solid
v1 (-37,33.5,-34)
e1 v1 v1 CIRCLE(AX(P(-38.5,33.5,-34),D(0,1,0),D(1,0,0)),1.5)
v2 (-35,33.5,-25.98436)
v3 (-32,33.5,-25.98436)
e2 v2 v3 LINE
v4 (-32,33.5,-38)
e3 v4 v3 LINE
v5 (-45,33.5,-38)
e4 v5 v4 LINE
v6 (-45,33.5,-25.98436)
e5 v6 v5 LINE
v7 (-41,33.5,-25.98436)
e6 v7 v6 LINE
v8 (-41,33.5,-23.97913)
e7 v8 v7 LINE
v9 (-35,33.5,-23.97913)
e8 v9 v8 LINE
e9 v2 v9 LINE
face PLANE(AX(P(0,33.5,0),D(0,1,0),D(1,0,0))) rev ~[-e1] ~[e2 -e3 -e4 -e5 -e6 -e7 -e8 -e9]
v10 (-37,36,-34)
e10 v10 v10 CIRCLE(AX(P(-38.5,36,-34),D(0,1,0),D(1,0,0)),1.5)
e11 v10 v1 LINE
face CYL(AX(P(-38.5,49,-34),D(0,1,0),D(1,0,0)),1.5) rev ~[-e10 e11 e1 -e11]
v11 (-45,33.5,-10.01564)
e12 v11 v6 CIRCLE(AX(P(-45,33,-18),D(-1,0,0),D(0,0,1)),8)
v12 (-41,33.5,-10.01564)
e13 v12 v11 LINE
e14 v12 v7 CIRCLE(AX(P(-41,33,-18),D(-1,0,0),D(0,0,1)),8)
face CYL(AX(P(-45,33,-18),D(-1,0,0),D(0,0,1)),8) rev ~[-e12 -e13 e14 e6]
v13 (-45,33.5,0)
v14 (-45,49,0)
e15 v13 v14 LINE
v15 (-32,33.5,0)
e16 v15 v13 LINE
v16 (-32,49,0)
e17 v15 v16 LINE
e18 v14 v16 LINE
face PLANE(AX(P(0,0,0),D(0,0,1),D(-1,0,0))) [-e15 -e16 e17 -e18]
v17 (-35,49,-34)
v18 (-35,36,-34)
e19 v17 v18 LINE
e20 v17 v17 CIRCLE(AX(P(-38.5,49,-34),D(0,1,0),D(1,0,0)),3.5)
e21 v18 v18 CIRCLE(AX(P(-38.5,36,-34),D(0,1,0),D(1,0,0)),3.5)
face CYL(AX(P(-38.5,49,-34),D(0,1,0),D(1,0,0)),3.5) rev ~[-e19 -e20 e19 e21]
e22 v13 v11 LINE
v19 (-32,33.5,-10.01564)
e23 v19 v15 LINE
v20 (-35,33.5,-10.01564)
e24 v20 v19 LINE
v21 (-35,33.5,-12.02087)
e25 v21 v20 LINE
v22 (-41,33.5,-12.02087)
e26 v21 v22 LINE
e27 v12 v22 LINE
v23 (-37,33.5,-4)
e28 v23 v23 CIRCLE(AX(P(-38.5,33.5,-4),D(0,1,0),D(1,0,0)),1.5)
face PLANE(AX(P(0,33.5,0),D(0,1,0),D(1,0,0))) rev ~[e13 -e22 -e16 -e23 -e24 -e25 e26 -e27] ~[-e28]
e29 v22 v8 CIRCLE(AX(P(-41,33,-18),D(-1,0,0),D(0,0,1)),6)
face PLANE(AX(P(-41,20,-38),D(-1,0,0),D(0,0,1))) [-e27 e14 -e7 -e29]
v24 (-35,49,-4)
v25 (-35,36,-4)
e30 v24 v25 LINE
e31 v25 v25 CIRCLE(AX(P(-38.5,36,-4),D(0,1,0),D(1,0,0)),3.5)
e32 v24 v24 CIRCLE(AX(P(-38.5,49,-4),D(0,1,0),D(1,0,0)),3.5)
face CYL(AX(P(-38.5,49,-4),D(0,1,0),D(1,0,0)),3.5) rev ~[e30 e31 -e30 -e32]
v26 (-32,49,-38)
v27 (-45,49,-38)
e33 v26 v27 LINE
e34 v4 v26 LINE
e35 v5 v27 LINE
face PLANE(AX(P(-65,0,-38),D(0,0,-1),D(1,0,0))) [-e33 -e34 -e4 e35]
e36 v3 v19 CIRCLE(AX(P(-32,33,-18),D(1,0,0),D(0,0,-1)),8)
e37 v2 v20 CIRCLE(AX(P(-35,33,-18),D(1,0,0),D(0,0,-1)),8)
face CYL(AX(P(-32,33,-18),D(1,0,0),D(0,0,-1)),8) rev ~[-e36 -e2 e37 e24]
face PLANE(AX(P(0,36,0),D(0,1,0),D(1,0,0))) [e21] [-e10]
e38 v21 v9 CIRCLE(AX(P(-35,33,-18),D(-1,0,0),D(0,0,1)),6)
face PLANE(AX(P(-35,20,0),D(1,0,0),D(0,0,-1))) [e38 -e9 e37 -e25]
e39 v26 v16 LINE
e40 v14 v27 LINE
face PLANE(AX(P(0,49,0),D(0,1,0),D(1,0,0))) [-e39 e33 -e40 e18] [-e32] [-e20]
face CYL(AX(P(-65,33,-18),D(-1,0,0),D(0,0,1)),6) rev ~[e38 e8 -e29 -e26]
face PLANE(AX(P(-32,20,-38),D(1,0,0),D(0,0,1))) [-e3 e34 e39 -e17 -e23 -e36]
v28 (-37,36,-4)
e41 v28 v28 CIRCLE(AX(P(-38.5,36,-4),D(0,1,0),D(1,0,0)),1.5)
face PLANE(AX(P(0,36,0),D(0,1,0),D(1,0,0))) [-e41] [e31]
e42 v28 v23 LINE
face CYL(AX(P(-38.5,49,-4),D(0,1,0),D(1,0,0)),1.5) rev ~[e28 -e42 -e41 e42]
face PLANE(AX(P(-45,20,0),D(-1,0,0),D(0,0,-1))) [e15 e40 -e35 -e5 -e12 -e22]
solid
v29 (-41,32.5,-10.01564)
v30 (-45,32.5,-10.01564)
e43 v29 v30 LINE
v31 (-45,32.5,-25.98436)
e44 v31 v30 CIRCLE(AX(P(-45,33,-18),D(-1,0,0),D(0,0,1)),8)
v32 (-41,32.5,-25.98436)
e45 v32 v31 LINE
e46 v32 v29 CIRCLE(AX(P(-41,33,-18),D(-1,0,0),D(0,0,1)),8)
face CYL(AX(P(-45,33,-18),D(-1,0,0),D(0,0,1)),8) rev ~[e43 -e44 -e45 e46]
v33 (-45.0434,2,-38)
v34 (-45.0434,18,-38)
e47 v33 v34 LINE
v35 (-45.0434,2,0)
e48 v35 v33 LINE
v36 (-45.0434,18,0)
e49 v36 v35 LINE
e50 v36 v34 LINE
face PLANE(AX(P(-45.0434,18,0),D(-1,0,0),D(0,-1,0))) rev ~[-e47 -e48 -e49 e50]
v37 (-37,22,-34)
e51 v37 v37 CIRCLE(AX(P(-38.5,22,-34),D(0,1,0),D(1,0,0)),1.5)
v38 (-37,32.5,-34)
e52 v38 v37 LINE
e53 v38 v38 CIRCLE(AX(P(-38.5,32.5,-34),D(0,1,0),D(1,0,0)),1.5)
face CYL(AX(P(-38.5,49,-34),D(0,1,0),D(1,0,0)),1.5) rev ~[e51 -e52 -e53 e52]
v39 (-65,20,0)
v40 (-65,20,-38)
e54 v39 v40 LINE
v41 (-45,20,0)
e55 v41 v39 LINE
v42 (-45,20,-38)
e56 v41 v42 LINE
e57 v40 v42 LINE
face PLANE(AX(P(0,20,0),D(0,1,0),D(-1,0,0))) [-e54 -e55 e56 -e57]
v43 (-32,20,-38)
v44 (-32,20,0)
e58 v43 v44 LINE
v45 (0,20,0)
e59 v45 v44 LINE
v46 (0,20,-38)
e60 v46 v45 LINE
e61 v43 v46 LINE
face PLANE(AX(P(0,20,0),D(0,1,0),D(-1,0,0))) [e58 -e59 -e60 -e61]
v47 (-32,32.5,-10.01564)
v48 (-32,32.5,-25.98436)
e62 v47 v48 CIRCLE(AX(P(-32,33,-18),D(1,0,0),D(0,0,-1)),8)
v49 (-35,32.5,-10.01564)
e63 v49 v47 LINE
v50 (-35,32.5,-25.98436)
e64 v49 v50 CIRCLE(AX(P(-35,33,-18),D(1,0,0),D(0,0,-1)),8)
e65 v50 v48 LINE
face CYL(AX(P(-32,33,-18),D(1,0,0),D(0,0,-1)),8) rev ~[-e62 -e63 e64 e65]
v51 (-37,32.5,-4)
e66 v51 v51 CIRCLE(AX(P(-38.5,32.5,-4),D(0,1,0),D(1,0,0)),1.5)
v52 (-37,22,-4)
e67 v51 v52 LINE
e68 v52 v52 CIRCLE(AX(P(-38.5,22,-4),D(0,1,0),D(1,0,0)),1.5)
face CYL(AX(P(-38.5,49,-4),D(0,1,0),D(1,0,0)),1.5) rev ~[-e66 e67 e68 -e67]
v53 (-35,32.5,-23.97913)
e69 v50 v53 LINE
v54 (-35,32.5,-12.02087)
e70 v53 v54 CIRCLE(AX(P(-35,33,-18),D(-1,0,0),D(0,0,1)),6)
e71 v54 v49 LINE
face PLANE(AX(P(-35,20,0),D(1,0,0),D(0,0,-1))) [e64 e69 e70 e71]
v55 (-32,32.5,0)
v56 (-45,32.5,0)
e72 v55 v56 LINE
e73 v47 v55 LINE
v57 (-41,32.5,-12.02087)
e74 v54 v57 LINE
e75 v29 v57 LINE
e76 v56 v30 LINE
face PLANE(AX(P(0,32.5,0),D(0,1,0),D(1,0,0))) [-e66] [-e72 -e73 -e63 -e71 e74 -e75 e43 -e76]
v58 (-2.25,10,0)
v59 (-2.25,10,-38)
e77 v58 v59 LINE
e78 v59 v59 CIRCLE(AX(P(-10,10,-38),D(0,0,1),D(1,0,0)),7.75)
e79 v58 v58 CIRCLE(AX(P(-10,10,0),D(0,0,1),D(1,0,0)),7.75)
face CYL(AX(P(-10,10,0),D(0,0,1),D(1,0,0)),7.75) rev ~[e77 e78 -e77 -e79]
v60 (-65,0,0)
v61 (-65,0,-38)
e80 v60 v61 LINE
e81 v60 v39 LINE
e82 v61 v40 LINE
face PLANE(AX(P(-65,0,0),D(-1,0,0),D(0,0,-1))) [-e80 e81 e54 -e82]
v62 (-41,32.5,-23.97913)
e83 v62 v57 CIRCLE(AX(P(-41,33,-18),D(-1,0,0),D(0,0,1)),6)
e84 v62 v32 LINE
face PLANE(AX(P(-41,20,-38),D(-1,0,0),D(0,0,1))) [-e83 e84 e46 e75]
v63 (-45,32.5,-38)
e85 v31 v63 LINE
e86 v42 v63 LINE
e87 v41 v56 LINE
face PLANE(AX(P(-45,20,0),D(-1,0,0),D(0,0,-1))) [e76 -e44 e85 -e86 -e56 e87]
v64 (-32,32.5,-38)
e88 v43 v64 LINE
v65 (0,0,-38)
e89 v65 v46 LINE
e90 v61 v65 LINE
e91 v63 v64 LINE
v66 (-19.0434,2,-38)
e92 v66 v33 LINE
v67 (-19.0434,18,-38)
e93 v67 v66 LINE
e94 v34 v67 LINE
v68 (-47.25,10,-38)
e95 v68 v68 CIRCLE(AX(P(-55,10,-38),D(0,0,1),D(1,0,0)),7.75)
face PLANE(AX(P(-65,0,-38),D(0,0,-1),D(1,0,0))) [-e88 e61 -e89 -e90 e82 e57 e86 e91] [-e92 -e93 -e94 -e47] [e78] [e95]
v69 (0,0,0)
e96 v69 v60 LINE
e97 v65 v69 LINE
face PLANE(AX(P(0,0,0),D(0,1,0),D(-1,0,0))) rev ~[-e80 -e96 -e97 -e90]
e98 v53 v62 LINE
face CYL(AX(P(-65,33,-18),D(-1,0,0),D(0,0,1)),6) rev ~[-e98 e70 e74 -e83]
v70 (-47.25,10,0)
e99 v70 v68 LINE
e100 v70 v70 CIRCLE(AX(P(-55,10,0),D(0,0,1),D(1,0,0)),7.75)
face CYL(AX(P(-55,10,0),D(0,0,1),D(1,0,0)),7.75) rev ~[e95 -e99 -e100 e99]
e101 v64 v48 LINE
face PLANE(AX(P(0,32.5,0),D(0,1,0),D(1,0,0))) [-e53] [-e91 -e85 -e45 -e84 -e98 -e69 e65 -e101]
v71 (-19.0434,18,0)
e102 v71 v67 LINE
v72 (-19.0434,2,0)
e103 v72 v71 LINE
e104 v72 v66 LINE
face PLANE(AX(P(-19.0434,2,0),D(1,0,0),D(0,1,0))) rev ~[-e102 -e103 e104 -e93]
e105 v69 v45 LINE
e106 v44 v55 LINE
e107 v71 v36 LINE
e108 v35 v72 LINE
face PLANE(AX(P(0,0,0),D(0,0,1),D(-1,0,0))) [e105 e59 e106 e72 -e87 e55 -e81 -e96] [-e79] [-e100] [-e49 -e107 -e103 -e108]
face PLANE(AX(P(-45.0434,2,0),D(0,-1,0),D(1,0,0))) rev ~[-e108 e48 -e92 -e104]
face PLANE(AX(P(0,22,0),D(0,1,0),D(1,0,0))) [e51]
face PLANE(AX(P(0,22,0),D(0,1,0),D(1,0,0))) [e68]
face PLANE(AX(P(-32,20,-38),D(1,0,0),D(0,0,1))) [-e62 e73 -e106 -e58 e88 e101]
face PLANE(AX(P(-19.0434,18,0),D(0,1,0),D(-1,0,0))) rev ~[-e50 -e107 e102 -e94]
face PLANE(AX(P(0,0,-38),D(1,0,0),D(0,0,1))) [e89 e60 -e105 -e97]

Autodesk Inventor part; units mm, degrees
ref_plane "YZ Plane" through (0, 0, 0) normal (1, 0, 0) x (0, 1, 0)
ref_plane "XZ Plane" through (0, 0, 0) normal (0, 1, 0) x (-1, 0, 0)
sketch "Sketch1" plane through (0, 0, 0) normal (0, 1, 0) x (-1, 0, 0)
  line L0 (0, 0) -> (65, 0)
  line L1 (65, 0) -> (65, -38)
  line L2 (65, -38) -> (0, -38)
  line L3 (0, -38) -> (0, 0)
  dimension "d0" = 65
  dimension "d1" = 38
extrude "Extrusion1" add sketch "Sketch1" along normal blind 20
sketch "Sketch2" plane through (-65, 0, 0) normal (0, 0, 1) x (1, 0, 0)
  circle A0 centre (10, 10) radius 7.75
  circle A1 centre (55, 10) radius 7.75
  line L0 (0, 0) -> (0, 20) projected
  line L1 (65, 0) -> (0, 0) projected
  dimension "d4" = 15.5
  dimension "d5" = 15.5
  dimension "d6" = 45
  dimension "d7" = 10
  dimension "d8" = 10
  dimension "d9" = 10
extrude "Extrusion2" cut sketch "Sketch2" against normal blind 60
sketch "Sketch3" plane through (-65, 0, 0) normal (0, 0, 1) x (1, 0, 0)
  line L0 (19.9566, 2) -> (45.9566, 2)
  line L1 (45.9566, 2) -> (45.9566, 18)
  line L2 (45.9566, 18) -> (19.9566, 18)
  line L3 (19.9566, 18) -> (19.9566, 2)
  line L4 (65, 0) -> (0, 0) projected
  dimension "d12" = 26
  dimension "d13" = 16
  dimension "d14" = 2
extrude "Extrusion3" cut sketch "Sketch3" against normal blind 60
sketch "Sketch5" plane through (0, 20, 0) normal (0, 1, 0) x (1, 0, 0)
  line L0 (0, 38) -> (-65, 38) projected
  line L1 (-65, 0) -> (0, 0) projected
  line L2 (-45, 38) -> (-32, 38)
  line L3 (-32, 38) -> (-32, 0)
  line L4 (-32, 0) -> (-45, 0)
  line L5 (-45, 0) -> (-45, 38)
  line L6 (0, 0) -> (0, 38) projected
  dimension "d17" = 13
  dimension "d45" = 32
extrude "Extrusion4" add sketch "Sketch5" along normal blind 29 contours L3 L1 L5 L0
sketch "Sketch7" plane through (-65, 0, -38) normal (-1, 0, 0) x (0, 0, 1)
  circle A0 centre (20, 33) radius 6
  line L0 (0, 49) -> (38, 49) projected
  line L1 (0, 0) -> (0, 20) projected
  point P0 (38, 0)
  point P1 (0, 46)
  dimension "d20" = 12
  dimension "d21" = 16
  dimension "d22" = 20
extrude "Extrusion5" cut sketch "Sketch7" along normal mid plane 600
ref_plane "Work Plane1" through (0, 33, 0) normal (0, 1, 0) x (1, 0, 0)
sketch "Sketch10" plane through (0, 33, 0) normal (0, 1, 0) x (1, 0, 0)
  line L0 (-45.6413, -0.955) -> (-31.8263, -0.955)
  line L1 (-31.8263, -0.955) -> (-31.8263, 38.7188)
  line L2 (-31.8263, 38.7188) -> (-45.6413, 38.7188)
  line L3 (-45.6413, 38.7188) -> (-45.6413, -0.955)
  point P0 (0, 0)
sketch "Sketch11" plane through (0, 49, 0) normal (0, 1, 0) x (1, 0, 0)
  circle A0 centre (-38.5, 4) radius 1.5
  circle A1 centre (-38.5, 34) radius 1.5
  line L0 (-45, 0) -> (-32, 0) projected
  line L1 (-45, 38) -> (-45, 0) projected
  point P0 (0, 0)
  point P1 (-65, 38)
  dimension "d33" = 3
  dimension "d34" = 3
  dimension "d35" = 30
  dimension "d36" = 4
  dimension "d37" = 6.5
  dimension "d38" = 6.5
extrude "Extrusion9" cut sketch "Sketch11" against normal blind 27
sketch "Sketch12" plane through (0, 49, 0) normal (0, 1, 0) x (1, 0, 0)
  circle A0 centre (-38.5, 34) radius 1.5 projected
  circle A1 centre (-38.5, 34) radius 3.5
  circle A2 centre (-38.5, 4) radius 1.5 projected
  circle A3 centre (-38.5, 4) radius 1.5
  circle A4 centre (-38.5, 4) radius 3.5
  point P0 (0, 0)
  dimension "d42" = 7
  dimension "d55" = 7
sketch "Sketch13" plane through (-45, 20, -38) normal (-1, 0, 0) x (0, 0, 1)
  circle A0 centre (20, 13) radius 6 projected
  circle A1 centre (20, 13) radius 6
  circle A2 centre (20, 13) radius 8
  point P0 (38, -20)
  dimension "d46" = 16
extrude "Extrusion11" cut sketch "Sketch13" against normal blind 4
sketch "Sketch14" plane through (-32, 20, 0) normal (1, 0, 0) x (0, 0, -1)
  circle A0 centre (18, 13) radius 6 projected
  circle A1 centre (18, 13) radius 6
  circle A2 centre (18, 13) radius 8
  point P0 (0, -20)
  dimension "d49" = 16
extrude "Extrusion12" cut sketch "Sketch14" against normal blind 3
extrude "Extrusion13" cut sketch "Sketch10" along normal mid plane 1
extrude "Extrusion14" cut sketch "Sketch12" against normal blind 13
properties part number "radiuscarrage"
